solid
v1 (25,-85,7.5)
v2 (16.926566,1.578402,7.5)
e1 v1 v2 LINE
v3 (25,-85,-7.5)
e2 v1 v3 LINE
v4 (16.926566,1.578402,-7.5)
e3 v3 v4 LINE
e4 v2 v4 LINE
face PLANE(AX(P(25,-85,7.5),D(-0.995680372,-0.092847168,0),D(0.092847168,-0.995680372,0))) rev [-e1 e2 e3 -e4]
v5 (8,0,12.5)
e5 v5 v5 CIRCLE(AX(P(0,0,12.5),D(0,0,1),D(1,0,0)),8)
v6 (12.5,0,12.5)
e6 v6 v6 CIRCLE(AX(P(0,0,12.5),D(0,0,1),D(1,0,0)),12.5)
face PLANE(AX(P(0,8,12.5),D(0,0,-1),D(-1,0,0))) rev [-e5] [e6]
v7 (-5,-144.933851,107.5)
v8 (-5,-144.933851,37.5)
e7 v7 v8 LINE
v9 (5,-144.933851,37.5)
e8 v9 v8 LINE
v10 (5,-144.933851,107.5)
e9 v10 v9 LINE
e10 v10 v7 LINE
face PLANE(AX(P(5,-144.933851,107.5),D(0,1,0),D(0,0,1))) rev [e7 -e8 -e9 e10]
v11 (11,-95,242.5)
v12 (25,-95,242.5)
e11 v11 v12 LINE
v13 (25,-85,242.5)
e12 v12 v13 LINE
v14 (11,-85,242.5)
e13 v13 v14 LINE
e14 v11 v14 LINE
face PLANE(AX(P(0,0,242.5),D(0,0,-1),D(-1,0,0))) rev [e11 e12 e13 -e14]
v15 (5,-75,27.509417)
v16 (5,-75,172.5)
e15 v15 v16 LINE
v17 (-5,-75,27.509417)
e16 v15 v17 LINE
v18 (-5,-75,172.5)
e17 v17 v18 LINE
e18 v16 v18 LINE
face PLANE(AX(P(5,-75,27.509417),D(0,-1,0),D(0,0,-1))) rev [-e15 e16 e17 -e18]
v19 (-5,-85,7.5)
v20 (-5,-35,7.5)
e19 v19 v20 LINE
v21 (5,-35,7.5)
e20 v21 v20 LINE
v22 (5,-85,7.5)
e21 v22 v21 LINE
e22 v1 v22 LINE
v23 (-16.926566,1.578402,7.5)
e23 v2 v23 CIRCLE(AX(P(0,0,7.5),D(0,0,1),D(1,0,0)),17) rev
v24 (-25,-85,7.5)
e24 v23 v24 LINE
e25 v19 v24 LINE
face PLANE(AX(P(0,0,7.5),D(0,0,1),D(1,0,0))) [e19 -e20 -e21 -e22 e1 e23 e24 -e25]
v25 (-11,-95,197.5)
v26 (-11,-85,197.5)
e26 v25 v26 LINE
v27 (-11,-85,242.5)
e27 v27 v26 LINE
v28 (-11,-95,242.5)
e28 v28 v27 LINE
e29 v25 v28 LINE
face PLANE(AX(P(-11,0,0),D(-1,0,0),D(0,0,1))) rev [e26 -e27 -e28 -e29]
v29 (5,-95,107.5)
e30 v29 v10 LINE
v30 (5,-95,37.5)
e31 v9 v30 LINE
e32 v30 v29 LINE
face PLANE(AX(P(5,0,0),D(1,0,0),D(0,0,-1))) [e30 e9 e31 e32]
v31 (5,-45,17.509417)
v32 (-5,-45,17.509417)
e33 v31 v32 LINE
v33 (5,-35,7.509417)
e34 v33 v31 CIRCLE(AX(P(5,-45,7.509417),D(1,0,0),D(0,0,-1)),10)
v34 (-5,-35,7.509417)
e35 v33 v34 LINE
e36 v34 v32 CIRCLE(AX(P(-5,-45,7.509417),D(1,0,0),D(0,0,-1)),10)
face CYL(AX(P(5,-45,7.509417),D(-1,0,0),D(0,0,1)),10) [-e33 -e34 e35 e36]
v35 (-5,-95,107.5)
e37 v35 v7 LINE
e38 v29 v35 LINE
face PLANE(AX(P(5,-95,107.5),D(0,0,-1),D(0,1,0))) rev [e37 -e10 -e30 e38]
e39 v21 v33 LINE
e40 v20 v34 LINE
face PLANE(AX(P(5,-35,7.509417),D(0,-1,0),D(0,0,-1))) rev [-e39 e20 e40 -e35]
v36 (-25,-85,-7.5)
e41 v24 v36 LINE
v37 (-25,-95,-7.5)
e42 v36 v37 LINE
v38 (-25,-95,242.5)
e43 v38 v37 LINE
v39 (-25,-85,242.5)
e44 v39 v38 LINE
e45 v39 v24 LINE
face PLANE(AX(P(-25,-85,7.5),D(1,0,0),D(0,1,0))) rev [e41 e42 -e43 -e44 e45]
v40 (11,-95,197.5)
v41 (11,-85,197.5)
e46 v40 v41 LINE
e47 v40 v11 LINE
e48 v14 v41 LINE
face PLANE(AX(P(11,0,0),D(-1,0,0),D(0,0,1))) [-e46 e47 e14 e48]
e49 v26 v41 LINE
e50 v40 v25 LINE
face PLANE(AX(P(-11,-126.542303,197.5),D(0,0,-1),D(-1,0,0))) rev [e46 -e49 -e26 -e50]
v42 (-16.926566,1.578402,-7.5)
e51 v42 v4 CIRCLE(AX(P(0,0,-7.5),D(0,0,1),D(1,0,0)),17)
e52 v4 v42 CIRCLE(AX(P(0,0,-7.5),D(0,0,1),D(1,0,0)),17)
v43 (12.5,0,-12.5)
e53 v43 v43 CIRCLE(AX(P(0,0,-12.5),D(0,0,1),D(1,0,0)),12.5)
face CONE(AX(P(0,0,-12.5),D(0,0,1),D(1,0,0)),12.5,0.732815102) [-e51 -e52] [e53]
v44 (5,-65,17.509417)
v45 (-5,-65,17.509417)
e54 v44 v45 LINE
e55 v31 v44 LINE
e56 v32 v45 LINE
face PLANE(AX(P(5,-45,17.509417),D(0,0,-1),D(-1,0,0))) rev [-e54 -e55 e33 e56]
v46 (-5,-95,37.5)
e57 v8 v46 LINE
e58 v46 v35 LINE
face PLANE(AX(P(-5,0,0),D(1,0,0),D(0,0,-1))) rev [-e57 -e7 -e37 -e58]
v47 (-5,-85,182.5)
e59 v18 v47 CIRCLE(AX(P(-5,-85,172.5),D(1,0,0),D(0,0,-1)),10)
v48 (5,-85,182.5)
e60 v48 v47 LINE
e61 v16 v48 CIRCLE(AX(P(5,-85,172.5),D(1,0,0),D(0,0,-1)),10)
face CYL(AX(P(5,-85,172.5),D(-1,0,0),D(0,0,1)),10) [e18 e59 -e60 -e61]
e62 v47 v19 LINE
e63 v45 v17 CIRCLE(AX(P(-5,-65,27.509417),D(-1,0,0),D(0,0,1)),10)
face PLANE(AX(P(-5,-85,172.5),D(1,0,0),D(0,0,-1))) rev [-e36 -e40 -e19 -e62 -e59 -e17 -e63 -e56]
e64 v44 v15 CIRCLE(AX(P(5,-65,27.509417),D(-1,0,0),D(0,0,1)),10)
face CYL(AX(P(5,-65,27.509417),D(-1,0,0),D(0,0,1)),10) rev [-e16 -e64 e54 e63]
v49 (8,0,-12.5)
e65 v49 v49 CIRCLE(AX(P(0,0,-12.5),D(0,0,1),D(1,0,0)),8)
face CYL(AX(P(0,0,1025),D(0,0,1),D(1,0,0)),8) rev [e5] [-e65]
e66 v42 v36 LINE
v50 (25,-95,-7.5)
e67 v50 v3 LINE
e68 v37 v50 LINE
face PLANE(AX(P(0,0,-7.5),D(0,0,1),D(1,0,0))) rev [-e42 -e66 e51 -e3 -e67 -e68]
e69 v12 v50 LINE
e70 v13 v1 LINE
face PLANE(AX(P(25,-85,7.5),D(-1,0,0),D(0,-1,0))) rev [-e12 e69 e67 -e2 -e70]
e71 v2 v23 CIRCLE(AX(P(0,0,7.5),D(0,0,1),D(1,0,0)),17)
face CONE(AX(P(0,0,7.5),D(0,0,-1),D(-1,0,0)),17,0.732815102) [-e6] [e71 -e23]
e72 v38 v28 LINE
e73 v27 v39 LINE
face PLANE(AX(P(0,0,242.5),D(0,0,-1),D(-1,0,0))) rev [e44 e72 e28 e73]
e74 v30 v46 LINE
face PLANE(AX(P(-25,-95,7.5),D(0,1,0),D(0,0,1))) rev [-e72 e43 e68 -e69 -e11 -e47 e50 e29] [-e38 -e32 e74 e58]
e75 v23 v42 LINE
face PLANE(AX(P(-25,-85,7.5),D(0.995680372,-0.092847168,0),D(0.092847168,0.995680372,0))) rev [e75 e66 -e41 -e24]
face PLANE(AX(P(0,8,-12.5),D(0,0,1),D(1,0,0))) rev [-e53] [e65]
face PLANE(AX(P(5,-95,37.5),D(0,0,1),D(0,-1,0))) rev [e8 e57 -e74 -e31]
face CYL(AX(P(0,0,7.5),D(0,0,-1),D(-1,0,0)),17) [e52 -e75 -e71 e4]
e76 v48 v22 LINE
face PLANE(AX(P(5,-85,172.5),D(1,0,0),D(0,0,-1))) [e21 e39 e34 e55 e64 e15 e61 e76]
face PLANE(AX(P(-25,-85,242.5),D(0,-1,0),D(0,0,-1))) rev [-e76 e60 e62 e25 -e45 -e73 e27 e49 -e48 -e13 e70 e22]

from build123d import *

# Parameters (mm, degrees)
BOSS_EXTRUDE1_DEPTH = 7.5
SKETCH2_W           = 50
SKETCH2_H           = 10
BOSS_EXTRUDE2_DEPTH = 235
SKETCH4_W           = 70
SKETCH4_H           = 49.933850778
BOSS_EXTRUDE3_DEPTH = 5
SKETCH5_R           = 8
CUT_EXTRUDE1_DEPTH  = 21
SKETCH6_W           = 67.307350871
SKETCH6_H           = 68.73953257
CUT_EXTRUDE2_DEPTH  = 11


with BuildPart() as part:
    # Sketch1 → Boss-Extrude1 (new body, symmetric)
    with BuildSketch(Plane.XY):
        with BuildLine():
            Line((-25, -85), (-16.926566325, 1.57840186))
            ThreePointArc((-16.926566325, 1.57840186), (0, 17), (16.926566325, 1.57840186))
            Line((16.926566325, 1.57840186), (25, -85))
            Line((25, -85), (25, -95))
            Line((25, -95), (-25, -95))
            Line((-25, -95), (-25, -85))
        make_face()
    extrude(amount=BOSS_EXTRUDE1_DEPTH, both=True)

    # Sketch2 → Boss-Extrude2 (add)
    with BuildSketch(Plane.XY.offset(7.5)):
        with Locations((0, -90)):
            Rectangle(SKETCH2_W, SKETCH2_H)
    extrude(amount=BOSS_EXTRUDE2_DEPTH)

    # Sketch3 → Revolve1 (revolve)
    with BuildSketch(Plane(origin=(0, 0, 0), x_dir=(0, 0, -1), z_dir=(1, 0, 0)), mode=Mode.PRIVATE) as revolve1_sk:
        Polygon((-12.5, 8), (-12.5, 12.5), (-7.5, 17), (-7.5, 8), align=None)
        Polygon((12.5, 8), (7.5, 8), (7.5, 17), (12.5, 12.5), align=None)
    revolve(revolve1_sk.sketch.rotate(Axis((0, 0, 1025), (0, 0, -1)), 90), axis=Axis((0, 0, 1025), (0, 0, -1)))  # turned: the seam where the file's is

    # Sketch4 → Boss-Extrude3 (add, symmetric)
    with BuildSketch(Plane(origin=(0, 0, 0), x_dir=(0, 0, -1), z_dir=(1, 0, 0))):
        with BuildLine():
            Line((-17.509416808, -45), (-17.509416808, -65))
            ThreePointArc((-17.509416808, -65), (-20.438348996, -72.071067812), (-27.509416808, -75))
            Line((-27.509416808, -75), (-172.5, -75))
            ThreePointArc((-172.5, -75), (-179.571067812, -77.928932188), (-182.5, -85))
            Line((-182.5, -85), (-7.5, -85))
            Line((-7.5, -85), (-7.5, -35))
            Line((-7.5, -35), (-7.509416808, -35))
            ThreePointArc((-7.509416808, -35), (-14.58048462, -37.928932188), (-17.509416808, -45))
        make_face()
        with Locations((-72.5, -119.966925389)):
            Rectangle(SKETCH4_W, SKETCH4_H)
    extrude(amount=BOSS_EXTRUDE3_DEPTH, both=True)

    # Sketch5 → Cut-Extrude1 (cut, through all)
    with BuildSketch(Plane.XY.offset(7.5)):
        Circle(SKETCH5_R)
    extrude(amount=-CUT_EXTRUDE1_DEPTH, mode=Mode.SUBTRACT)

    # Sketch6 → Cut-Extrude2 (cut, symmetric)
    with BuildSketch(Plane(origin=(0, 0, 0), x_dir=(0, 0, -1), z_dir=(1, 0, 0))):
        with Locations((-231.153675436, -92.172536307)):
            Rectangle(SKETCH6_W, SKETCH6_H)
    extrude(amount=CUT_EXTRUDE2_DEPTH, both=True, mode=Mode.SUBTRACT)


solid = part.part
